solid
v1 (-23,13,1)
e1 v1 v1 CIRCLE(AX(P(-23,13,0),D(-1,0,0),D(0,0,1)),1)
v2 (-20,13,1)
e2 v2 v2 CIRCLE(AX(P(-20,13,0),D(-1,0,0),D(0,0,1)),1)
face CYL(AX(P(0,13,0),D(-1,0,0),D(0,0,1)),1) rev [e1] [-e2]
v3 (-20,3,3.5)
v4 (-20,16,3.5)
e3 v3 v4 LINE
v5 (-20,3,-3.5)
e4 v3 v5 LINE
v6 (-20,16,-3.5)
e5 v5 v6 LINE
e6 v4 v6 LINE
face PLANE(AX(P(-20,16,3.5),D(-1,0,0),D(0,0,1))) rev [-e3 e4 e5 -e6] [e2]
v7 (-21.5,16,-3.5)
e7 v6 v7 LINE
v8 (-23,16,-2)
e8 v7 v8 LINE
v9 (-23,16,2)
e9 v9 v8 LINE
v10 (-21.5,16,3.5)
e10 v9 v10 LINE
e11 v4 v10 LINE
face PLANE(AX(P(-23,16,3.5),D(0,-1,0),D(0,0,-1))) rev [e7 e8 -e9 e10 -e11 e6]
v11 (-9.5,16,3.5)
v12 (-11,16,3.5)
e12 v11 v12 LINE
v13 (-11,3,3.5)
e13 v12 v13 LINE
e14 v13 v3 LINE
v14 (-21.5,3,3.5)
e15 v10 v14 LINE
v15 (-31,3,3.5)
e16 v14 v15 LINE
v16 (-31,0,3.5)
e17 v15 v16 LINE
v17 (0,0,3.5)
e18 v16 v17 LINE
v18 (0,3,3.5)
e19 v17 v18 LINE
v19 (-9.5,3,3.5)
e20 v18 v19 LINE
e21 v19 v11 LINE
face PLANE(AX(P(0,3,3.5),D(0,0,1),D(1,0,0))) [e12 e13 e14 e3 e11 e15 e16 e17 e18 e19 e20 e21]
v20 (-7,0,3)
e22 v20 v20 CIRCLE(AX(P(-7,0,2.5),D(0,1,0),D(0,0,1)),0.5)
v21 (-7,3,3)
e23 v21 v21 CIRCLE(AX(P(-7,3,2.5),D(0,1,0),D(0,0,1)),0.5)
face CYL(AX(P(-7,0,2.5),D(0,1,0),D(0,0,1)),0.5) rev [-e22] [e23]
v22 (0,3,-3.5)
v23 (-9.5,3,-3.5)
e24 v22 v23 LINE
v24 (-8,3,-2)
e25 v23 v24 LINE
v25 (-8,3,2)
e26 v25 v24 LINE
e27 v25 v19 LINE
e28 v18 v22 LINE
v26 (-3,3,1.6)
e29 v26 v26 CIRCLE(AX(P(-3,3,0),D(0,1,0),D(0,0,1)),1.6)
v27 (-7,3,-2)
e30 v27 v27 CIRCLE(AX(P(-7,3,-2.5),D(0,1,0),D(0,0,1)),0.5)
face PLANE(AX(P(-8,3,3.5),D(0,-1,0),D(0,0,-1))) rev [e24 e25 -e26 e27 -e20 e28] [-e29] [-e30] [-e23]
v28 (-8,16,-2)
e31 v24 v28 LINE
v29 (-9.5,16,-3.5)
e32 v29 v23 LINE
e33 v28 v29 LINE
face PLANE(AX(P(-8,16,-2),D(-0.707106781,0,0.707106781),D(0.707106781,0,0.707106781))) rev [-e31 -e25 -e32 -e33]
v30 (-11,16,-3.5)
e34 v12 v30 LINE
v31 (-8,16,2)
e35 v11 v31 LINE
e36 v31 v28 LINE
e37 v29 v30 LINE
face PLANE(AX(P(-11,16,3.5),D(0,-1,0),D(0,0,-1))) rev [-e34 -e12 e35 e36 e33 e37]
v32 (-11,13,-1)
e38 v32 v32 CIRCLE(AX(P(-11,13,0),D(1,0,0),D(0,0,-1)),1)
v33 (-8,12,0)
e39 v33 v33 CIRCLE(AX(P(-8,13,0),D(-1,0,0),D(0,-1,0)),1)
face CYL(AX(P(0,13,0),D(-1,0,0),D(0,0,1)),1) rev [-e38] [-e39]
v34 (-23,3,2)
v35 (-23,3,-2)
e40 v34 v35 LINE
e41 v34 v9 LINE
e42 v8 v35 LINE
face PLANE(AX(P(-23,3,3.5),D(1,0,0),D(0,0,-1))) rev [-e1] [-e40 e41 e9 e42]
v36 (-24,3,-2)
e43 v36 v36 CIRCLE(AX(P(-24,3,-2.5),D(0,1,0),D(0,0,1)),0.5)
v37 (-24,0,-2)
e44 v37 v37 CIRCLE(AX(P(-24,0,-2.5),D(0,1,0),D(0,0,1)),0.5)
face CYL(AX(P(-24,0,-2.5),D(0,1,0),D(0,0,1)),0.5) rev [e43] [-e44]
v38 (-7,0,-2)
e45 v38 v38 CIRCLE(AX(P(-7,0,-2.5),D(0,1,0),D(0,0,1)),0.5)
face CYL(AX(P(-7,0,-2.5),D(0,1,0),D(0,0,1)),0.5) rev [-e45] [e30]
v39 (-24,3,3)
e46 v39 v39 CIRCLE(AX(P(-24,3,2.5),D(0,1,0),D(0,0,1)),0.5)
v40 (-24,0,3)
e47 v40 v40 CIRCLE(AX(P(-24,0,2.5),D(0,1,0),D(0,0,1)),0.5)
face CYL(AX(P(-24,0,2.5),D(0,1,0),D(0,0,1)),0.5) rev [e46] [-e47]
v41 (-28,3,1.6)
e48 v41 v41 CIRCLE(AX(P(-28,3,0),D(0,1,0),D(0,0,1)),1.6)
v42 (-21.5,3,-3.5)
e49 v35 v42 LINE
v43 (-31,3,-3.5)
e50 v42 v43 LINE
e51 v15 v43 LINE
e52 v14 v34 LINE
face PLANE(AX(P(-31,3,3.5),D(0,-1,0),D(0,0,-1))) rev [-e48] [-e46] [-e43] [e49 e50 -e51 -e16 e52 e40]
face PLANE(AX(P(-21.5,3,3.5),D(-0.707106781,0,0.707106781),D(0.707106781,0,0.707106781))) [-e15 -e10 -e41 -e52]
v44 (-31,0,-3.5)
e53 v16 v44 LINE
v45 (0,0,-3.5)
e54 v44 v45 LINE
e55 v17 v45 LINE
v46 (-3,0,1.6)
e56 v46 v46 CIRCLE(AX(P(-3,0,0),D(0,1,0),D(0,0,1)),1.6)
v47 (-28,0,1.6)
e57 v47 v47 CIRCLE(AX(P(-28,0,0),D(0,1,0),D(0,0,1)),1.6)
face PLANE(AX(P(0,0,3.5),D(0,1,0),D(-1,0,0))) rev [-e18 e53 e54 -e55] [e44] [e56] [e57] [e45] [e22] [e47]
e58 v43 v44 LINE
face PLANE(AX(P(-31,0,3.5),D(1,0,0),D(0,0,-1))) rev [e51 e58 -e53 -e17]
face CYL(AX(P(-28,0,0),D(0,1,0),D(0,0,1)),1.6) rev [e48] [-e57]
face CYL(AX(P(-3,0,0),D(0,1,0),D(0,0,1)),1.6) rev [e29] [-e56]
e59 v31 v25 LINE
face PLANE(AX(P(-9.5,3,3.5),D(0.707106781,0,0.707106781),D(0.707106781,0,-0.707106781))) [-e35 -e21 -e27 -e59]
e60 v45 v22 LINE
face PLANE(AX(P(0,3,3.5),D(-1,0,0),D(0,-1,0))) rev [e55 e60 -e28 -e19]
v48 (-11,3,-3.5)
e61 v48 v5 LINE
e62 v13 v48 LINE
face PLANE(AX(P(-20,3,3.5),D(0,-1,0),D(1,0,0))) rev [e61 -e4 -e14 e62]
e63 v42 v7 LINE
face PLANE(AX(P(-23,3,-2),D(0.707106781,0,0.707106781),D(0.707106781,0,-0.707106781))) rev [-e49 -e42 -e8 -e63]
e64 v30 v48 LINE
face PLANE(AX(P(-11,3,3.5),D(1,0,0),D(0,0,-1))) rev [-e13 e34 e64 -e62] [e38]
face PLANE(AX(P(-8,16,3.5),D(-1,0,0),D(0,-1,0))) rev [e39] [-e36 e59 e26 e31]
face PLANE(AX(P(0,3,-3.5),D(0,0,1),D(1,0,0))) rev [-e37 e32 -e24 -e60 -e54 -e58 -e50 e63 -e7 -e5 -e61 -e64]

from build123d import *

# Parameters (mm, degrees)
EXTRUSION1_DEPTH        = 3.5
ESQUISSE2_R             = 1.6
ESQUISSE2_R_2           = 0.5
ENL_V_MAT_EXTRU_1_DEPTH = 4
ESQUISSE3_R             = 1
ENL_V_MAT_EXTRU_2_DEPTH = 24
CHANFREIN1_SIZE         = 1.5


with BuildPart() as part:
    # Esquisse1 → Extrusion1 (new body, symmetric)
    with BuildSketch(Plane.XY):
        Polygon((0, 0), (-31, 0), (-31, 3), (-23, 3), (-23, 16), (-20, 16), (-20, 3), (-11, 3), (-11, 16), (-8, 16), (-8, 3), (0, 3), align=None)
    extrude(amount=EXTRUSION1_DEPTH, both=True)

    # Esquisse2 → Enlèv. mat.-Extru.1 (cut, through all)
    with BuildSketch(Plane(origin=(0, 3, 0), x_dir=(-1, 0, 0), z_dir=(0, 1, 0))):
        with Locations(Location((28, 0, 0), (0, 0, 90))):  # turned: the seam where the file's is
            Circle(ESQUISSE2_R)
        with Locations(Location((3, 0, 0), (0, 0, 90))):  # turned: the seam where the file's is
            Circle(ESQUISSE2_R)
        with Locations(Location((24, -2.5, 0), (0, 0, 90))):  # turned: the seam where the file's is
            Circle(ESQUISSE2_R_2)
        with Locations(Location((24, 2.5, 0), (0, 0, 90))):  # turned: the seam where the file's is
            Circle(ESQUISSE2_R_2)
        with Locations(Location((7, 2.5, 0), (0, 0, 90))):  # turned: the seam where the file's is
            Circle(ESQUISSE2_R_2)
        with Locations(Location((7, -2.5, 0), (0, 0, 90))):  # turned: the seam where the file's is
            Circle(ESQUISSE2_R_2)
    extrude(amount=-ENL_V_MAT_EXTRU_1_DEPTH, mode=Mode.SUBTRACT)

    # Esquisse3 → Enlèv. mat.-Extru.2 (cut, through all)
    with BuildSketch(Plane.ZY.offset(23)):
        with Locations((0, 13)):
            Circle(ESQUISSE3_R)
    extrude(amount=-ENL_V_MAT_EXTRU_2_DEPTH, mode=Mode.SUBTRACT)

    # Chanfrein1
    chanfrein1_edges = [part.edges().sort_by_distance(p)[0] for p in [
        (-8, 9.5, 3.5),
        (-23, 9.5, -3.5),
        (-8, 9.5, -3.5),
        (-23, 9.5, 3.5),
    ]]
    chamfer(chanfrein1_edges, length=CHANFREIN1_SIZE)


solid = part.part
